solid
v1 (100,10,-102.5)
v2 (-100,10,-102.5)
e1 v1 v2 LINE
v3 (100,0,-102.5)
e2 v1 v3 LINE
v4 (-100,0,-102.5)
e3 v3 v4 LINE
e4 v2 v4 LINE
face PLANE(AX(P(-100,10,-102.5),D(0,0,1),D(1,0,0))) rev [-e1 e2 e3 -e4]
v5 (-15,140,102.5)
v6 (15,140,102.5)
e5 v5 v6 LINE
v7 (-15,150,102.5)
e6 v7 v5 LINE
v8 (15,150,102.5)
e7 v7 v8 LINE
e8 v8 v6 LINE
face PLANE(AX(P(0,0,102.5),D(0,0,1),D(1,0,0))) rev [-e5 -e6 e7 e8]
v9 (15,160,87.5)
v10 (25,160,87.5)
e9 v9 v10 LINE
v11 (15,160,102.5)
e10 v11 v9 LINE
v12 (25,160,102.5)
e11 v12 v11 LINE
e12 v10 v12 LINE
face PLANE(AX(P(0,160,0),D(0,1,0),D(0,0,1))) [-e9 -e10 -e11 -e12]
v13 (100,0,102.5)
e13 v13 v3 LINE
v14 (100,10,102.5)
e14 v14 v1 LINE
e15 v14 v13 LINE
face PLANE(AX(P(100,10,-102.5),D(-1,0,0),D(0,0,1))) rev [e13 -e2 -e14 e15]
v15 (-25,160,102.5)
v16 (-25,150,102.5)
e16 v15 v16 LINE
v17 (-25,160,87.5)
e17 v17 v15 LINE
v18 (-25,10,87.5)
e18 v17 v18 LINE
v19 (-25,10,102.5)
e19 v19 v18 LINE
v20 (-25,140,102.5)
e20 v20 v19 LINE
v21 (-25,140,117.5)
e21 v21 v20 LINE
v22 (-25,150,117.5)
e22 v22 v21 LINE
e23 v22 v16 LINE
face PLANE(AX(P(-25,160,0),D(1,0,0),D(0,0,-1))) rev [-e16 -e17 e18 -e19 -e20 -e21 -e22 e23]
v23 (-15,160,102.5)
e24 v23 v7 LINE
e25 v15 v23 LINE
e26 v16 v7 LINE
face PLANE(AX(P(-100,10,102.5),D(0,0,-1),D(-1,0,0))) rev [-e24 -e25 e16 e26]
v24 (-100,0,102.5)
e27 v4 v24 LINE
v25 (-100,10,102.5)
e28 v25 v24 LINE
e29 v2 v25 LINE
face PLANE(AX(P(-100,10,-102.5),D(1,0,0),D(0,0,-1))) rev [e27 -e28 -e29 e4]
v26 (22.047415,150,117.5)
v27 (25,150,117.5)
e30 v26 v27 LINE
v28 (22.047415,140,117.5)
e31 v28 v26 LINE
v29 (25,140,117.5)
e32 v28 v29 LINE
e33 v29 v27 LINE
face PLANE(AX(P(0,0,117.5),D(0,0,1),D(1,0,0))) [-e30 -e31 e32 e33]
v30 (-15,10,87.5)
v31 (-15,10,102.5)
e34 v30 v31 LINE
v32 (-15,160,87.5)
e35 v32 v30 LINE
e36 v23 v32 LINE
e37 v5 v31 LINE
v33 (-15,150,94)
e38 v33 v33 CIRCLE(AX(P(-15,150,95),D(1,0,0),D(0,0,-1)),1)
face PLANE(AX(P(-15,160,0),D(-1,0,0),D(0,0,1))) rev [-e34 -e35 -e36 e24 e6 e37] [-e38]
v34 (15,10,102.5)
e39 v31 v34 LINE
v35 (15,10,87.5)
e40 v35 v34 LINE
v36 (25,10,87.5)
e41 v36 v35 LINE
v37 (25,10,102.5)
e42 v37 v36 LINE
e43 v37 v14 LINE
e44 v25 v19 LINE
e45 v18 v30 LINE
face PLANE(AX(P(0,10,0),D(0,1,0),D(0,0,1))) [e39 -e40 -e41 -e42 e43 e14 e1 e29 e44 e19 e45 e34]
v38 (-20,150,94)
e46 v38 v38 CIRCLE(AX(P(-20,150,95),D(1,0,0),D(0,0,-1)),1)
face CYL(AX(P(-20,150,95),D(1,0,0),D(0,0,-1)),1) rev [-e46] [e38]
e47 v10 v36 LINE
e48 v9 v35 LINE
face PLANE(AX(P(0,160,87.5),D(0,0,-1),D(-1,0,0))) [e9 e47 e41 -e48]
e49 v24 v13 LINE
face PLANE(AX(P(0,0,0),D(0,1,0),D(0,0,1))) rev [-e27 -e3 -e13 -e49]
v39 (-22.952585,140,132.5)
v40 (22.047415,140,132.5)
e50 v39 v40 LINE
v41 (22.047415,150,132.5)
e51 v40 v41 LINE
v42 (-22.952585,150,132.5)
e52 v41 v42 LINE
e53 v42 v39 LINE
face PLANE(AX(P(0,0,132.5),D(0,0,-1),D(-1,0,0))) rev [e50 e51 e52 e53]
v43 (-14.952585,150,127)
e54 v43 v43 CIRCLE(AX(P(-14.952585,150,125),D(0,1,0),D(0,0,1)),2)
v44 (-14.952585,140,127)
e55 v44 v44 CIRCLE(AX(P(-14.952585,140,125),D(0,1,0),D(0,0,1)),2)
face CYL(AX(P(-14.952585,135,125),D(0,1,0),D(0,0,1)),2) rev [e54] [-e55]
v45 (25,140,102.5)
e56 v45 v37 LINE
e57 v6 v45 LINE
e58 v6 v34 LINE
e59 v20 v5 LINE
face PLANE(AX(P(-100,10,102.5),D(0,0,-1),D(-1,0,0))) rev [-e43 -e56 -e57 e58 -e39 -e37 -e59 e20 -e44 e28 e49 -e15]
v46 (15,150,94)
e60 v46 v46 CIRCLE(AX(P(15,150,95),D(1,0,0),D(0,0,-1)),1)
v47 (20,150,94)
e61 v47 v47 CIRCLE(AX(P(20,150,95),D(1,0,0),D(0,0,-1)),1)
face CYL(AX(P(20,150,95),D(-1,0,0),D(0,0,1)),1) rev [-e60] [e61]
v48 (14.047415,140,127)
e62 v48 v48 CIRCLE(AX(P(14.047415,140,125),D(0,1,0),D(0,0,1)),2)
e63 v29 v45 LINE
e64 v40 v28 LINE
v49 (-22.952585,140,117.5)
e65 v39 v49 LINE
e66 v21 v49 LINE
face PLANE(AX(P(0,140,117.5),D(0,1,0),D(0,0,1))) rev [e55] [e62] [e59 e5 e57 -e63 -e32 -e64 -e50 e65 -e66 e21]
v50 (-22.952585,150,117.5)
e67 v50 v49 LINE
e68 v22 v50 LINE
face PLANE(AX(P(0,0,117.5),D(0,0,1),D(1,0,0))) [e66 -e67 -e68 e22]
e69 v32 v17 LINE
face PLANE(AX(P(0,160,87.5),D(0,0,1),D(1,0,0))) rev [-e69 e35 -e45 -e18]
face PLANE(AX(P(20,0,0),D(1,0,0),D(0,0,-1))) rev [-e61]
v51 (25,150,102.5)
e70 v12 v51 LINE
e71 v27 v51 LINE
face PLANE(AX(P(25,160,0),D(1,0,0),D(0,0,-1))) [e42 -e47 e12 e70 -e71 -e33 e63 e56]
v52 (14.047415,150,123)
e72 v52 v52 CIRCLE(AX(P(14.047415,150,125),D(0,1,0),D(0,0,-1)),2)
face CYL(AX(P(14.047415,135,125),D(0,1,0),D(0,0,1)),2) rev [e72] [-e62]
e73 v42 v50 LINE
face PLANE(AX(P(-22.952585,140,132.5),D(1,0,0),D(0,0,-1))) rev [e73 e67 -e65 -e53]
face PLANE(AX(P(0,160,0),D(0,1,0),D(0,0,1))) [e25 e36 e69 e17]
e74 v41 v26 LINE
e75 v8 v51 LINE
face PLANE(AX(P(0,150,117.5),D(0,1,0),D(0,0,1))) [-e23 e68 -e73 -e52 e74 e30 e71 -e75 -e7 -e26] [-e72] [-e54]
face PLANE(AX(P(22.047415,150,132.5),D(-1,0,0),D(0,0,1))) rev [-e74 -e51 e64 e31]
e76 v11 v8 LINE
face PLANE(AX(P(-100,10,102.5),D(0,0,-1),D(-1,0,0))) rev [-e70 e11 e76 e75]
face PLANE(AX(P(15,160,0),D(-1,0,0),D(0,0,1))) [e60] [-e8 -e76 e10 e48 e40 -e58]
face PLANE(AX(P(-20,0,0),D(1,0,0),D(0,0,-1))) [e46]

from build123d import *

# Parameters (mm, degrees)
SKETCH1_W           = 200
SKETCH1_H           = 205
BOSS_EXTRUDE1_DEPTH = 10
SKETCH2_W           = 10
SKETCH2_H           = 15
BOSS_EXTRUDE2_DEPTH = 160
SKETCH4_W           = 50
SKETCH4_H           = 10
BOSS_EXTRUDE3_DEPTH = 15
SKETCH5_W           = 45
SKETCH5_H           = 10
BOSS_EXTRUDE4_DEPTH = 15
SKETCH6_R           = 2
CUT_EXTRUDE1_DEPTH  = 15
SKETCH10_R          = 1
CUT_EXTRUDE2_DEPTH  = 5
CUT_EXTRUDE3_START  = 5
SKETCH7_R           = 1
CUT_EXTRUDE3_DEPTH  = 5


with BuildPart() as part:
    # Sketch1 → Boss-Extrude1 (new body)
    with BuildSketch(Plane(origin=(0, 0, 0), x_dir=(1, 0, 0), z_dir=(0, 1, 0))):
        Rectangle(SKETCH1_W, SKETCH1_H)
    extrude(amount=BOSS_EXTRUDE1_DEPTH)

    # Sketch2 → Boss-Extrude2 (add)
    with BuildSketch(Plane(origin=(0, 0, 0), x_dir=(1, 0, 0), z_dir=(0, 1, 0))):
        with Locations((-20, -95)):
            Rectangle(SKETCH2_W, SKETCH2_H)
        with Locations((20, -95)):
            Rectangle(SKETCH2_W, SKETCH2_H)
    extrude(amount=BOSS_EXTRUDE2_DEPTH)

    # Sketch4 → Boss-Extrude3 (add)
    with BuildSketch(Plane.XY.offset(102.5)):
        with Locations((0, 145)):
            Rectangle(SKETCH4_W, SKETCH4_H)
    extrude(amount=BOSS_EXTRUDE3_DEPTH)

    # Sketch5 → Boss-Extrude4 (add)
    with BuildSketch(Plane.XY.offset(117.5)):
        with Locations((-0.452584592, 145)):
            Rectangle(SKETCH5_W, SKETCH5_H)
    extrude(amount=BOSS_EXTRUDE4_DEPTH)

    # Sketch6 → Cut-Extrude1 (cut)
    with BuildSketch(Plane(origin=(0, 150, 0), x_dir=(1, 0, 0), z_dir=(0, 1, 0))):
        with Locations(Location((-14.952584592, -125, 0), (0, 0, 270))):
            Circle(SKETCH6_R)
        with Locations(Location((14.047415408, -125, 0), (0, 0, 270))):
            Circle(SKETCH6_R)
    extrude(amount=-CUT_EXTRUDE1_DEPTH, mode=Mode.SUBTRACT)

    # Sketch10 → Cut-Extrude2 (cut)
    with BuildSketch(Plane(origin=(-15, 0, 0), x_dir=(0, 0, -1), z_dir=(1, 0, 0))):
        with Locations((-95, 150)):
            Circle(SKETCH10_R)
    extrude(amount=-CUT_EXTRUDE2_DEPTH, mode=Mode.SUBTRACT)

    # Sketch7 → Cut-Extrude3 (cut)
    with BuildSketch(Plane(origin=(15, 0, 0), x_dir=(0, 0, -1), z_dir=(1, 0, 0)).offset(CUT_EXTRUDE3_START)):
        with Locations((-95, 150)):
            Circle(SKETCH7_R)
    extrude(amount=-CUT_EXTRUDE3_DEPTH, mode=Mode.SUBTRACT)


solid = part.part
